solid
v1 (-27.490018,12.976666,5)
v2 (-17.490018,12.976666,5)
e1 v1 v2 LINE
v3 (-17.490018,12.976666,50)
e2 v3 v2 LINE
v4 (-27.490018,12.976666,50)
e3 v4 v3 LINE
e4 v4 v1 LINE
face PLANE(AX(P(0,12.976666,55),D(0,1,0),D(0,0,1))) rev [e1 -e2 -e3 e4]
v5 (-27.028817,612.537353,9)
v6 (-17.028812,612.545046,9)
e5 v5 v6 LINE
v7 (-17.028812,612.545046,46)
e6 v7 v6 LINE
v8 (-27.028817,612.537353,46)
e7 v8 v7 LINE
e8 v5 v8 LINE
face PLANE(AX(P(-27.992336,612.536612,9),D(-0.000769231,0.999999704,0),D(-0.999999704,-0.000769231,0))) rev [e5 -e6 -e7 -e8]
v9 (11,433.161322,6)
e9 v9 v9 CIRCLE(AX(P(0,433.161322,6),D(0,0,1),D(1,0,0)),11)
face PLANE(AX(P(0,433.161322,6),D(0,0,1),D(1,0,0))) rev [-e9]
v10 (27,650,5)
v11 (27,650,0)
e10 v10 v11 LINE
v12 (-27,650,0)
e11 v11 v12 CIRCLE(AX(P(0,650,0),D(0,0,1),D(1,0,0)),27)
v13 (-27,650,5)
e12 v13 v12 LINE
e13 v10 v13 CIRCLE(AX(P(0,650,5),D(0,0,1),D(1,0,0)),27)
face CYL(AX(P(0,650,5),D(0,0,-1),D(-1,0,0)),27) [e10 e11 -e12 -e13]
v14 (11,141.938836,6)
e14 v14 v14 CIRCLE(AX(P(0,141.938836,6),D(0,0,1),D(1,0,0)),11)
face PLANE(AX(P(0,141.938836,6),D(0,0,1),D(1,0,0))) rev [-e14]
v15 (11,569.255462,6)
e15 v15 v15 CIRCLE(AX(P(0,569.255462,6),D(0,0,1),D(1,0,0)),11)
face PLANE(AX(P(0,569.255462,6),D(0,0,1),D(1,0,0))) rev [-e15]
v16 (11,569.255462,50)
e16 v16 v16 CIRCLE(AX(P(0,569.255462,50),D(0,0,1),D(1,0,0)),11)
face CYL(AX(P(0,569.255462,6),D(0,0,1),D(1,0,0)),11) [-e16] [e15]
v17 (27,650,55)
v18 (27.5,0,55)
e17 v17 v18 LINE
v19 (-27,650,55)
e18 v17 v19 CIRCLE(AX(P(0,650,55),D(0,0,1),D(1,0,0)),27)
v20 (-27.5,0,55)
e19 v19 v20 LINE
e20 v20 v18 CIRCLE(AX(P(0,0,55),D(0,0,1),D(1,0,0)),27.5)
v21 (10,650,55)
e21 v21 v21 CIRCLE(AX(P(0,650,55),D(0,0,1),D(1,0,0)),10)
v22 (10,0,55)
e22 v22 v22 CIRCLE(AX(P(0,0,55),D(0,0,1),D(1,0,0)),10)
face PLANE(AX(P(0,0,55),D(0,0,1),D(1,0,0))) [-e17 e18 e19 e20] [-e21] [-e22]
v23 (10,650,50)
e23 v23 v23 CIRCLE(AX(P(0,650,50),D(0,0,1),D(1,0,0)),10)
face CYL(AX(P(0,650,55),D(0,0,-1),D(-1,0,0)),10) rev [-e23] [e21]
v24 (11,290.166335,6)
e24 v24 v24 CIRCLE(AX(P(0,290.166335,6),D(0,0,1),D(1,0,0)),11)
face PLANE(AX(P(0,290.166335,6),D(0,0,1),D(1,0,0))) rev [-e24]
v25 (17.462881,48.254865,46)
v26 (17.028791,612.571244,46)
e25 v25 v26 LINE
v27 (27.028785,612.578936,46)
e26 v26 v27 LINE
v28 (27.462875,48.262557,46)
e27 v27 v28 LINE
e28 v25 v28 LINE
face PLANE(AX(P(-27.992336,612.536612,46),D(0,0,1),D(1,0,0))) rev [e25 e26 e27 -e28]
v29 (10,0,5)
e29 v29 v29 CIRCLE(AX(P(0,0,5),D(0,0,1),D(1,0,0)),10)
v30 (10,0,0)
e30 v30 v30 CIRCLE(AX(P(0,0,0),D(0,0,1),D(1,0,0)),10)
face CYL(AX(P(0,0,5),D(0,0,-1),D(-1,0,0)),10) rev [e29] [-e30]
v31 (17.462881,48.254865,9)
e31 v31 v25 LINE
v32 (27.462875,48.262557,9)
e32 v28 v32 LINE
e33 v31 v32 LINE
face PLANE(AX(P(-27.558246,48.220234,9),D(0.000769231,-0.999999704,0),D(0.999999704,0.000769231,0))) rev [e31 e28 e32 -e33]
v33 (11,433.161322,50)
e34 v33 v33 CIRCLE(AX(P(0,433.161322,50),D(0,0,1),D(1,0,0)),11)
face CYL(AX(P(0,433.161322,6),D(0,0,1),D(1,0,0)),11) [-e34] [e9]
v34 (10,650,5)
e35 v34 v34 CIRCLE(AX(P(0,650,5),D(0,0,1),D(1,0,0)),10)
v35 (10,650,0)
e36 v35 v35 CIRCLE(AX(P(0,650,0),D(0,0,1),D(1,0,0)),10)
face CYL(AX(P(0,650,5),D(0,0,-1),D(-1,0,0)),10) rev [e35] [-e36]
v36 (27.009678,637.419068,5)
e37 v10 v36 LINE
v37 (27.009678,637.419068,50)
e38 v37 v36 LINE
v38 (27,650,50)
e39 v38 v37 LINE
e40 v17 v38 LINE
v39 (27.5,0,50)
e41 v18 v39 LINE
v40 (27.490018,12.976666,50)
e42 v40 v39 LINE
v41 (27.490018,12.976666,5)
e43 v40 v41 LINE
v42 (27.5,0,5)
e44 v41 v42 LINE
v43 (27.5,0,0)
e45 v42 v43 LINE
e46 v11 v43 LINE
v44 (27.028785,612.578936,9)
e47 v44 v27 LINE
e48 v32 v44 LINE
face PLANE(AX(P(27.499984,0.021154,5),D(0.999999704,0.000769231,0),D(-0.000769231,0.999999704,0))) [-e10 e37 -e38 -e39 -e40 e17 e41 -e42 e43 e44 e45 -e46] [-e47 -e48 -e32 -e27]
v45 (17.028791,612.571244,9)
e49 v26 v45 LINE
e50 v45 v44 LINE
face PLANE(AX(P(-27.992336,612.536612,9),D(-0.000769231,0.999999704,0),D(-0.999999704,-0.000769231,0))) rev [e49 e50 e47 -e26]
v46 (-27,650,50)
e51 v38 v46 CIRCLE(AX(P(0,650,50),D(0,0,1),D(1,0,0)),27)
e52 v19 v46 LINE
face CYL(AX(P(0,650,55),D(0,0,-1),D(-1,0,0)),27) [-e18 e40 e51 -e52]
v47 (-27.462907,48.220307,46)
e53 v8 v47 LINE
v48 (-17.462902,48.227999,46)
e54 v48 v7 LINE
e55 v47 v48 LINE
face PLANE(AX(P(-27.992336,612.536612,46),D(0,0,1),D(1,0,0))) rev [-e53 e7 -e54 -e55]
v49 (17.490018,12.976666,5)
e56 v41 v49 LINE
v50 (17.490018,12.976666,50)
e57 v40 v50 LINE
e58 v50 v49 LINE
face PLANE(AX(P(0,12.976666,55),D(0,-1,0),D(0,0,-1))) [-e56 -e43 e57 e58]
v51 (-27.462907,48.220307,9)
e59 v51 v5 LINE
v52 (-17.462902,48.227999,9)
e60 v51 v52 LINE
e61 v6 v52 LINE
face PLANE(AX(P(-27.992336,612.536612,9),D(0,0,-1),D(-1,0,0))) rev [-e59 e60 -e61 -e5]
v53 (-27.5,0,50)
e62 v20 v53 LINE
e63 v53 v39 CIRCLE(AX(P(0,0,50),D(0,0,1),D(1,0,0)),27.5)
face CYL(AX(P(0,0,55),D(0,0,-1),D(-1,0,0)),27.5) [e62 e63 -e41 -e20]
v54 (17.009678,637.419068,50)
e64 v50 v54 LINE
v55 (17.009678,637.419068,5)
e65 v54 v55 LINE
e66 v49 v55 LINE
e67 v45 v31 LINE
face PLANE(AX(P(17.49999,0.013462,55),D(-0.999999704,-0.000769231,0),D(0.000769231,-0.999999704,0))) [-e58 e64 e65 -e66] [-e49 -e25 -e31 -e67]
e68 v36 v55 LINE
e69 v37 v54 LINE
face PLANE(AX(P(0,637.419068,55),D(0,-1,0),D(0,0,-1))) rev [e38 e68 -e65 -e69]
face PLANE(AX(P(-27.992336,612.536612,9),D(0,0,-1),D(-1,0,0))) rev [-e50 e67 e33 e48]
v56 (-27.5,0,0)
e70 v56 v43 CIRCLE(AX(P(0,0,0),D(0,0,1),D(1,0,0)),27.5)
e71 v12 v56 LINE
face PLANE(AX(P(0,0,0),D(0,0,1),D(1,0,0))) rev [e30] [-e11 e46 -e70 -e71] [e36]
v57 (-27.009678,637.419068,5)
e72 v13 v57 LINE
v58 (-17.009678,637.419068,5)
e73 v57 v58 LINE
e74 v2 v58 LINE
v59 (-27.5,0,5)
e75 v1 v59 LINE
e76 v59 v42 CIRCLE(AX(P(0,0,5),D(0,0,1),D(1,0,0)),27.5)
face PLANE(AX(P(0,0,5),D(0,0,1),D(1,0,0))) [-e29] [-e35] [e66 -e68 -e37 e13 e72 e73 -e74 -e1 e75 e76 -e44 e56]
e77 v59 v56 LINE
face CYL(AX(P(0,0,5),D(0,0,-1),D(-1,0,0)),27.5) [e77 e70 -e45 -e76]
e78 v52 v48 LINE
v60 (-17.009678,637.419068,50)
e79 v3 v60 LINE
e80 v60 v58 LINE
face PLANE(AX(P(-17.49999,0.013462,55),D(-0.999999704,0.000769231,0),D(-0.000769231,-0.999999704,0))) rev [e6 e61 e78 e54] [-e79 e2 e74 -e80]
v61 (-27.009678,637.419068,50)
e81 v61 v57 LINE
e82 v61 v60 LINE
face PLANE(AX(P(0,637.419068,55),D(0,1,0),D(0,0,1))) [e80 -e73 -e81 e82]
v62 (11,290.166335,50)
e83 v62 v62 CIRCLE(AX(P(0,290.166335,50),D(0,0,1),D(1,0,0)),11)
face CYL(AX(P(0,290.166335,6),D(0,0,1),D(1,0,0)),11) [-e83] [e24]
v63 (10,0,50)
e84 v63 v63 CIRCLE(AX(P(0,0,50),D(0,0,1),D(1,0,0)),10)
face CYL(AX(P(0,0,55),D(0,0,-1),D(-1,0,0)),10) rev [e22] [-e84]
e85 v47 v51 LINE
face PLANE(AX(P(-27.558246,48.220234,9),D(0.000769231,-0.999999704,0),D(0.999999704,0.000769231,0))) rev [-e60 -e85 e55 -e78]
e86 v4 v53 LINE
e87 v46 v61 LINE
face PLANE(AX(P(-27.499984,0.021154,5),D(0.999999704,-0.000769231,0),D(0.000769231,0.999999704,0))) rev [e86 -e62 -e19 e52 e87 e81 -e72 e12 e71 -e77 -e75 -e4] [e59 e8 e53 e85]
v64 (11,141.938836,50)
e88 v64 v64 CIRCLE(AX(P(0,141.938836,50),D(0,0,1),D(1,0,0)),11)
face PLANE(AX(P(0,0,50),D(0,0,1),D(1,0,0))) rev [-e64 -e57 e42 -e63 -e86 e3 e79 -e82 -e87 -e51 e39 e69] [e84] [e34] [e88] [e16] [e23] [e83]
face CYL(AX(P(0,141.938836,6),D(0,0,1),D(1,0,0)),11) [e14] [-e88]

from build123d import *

# Parameters (mm, degrees)
SKETCH1_R               = 10
BOSS_EXTRUDE2_DEPTH     = 5
BOSS_EXTRUDE3_DEPTH     = 55
BOSS_EXTRUDE4_START     = 50
SKETCH1_4_R             = 10
BOSS_EXTRUDE4_DEPTH     = 5
CUT_EXTRUDE1_DEPTH      = 682.432576538
CUT_EXTRUDE1_DEPTH_BACK = 682.432576538
SKETCH3_W               = 37
SKETCH3_H               = 564.316545641
SKETCH4_R               = 11
BOSS_EXTRUDE5_DEPTH     = 49


with BuildPart() as part:
    # Sketch1 → Boss-Extrude2 (new body)
    with BuildSketch(Plane.XY):
        with BuildLine():
            Line((27.00967764, 637.419067567), (27, 650))
            ThreePointArc((27, 650), (11.628325989, 674.367643191), (-16.983854422, 670.989251749))
            ThreePointArc((-16.983854422, 670.989251749), (-24.367643191, 661.628325989), (-27, 650))
            Line((-27, 650), (-27.00967764, 637.419067567))
            Line((-27.00967764, 637.419067567), (-17.00967764, 637.419067567))
            Line((-17.00967764, 637.419067567), (-17.490017949, 12.976666451))
            Line((-17.490017949, 12.976666451), (-27.490017949, 12.976666451))
            Line((-27.490017949, 12.976666451), (-27.5, 0))
            ThreePointArc((-27.5, 0), (0, -27.5), (27.5, 0))
            Line((27.5, 0), (27.490017949, 12.976666451))
            Line((27.490017949, 12.976666451), (17.490017949, 12.976666451))
            Line((17.490017949, 12.976666451), (17.00967764, 637.419067567))
            Line((17.00967764, 637.419067567), (27.00967764, 637.419067567))
        make_face()
        Circle(SKETCH1_R, mode=Mode.SUBTRACT)
        with Locations((0, 650)):
            Circle(SKETCH1_R, mode=Mode.SUBTRACT)
    extrude(amount=BOSS_EXTRUDE2_DEPTH)

    # Sketch1<3> → Boss-Extrude3 (add)
    with BuildSketch(Plane.XY):
        Polygon((27.490017949, 12.976666451), (27.00967764, 637.419067567), (17.00967764, 637.419067567), (17.490017949, 12.976666451), align=None)
        Polygon((-17.00967764, 637.419067567), (-27.00967764, 637.419067567), (-27.490017949, 12.976666451), (-17.490017949, 12.976666451), align=None)
    extrude(amount=BOSS_EXTRUDE3_DEPTH)

    # Sketch1<4> → Boss-Extrude4 (add)
    with BuildSketch(Plane.XY.offset(BOSS_EXTRUDE4_START)):
        with BuildLine():
            Line((27.00967764, 637.419067567), (27, 650))
            ThreePointArc((27, 650), (11.628325989, 674.367643191), (-16.983854422, 670.989251749))
            ThreePointArc((-16.983854422, 670.989251749), (-24.367643191, 661.628325989), (-27, 650))
            Line((-27, 650), (-27.00967764, 637.419067567))
            Line((-27.00967764, 637.419067567), (-17.00967764, 637.419067567))
            Line((-17.00967764, 637.419067567), (-17.490017949, 12.976666451))
            Line((-17.490017949, 12.976666451), (-27.490017949, 12.976666451))
            Line((-27.490017949, 12.976666451), (-27.5, 0))
            ThreePointArc((-27.5, 0), (0, -27.5), (27.5, 0))
            Line((27.5, 0), (27.490017949, 12.976666451))
            Line((27.490017949, 12.976666451), (17.490017949, 12.976666451))
            Line((17.490017949, 12.976666451), (17.00967764, 637.419067567))
            Line((17.00967764, 637.419067567), (27.00967764, 637.419067567))
        make_face()
        Circle(SKETCH1_4_R, mode=Mode.SUBTRACT)
        with Locations((0, 650)):
            Circle(SKETCH1_4_R, mode=Mode.SUBTRACT)
    extrude(amount=BOSS_EXTRUDE4_DEPTH)

    # Sketch3 → Cut-Extrude1 (cut, two sides: drawn at the far end of the back side and taken through both)
    with BuildSketch(Plane(origin=(27.499983728, 0.021153834, 0), x_dir=(0, 0, -1), z_dir=(0.9999997041421432, 0.0007692305416477979, 0)).offset(-CUT_EXTRUDE1_DEPTH_BACK)):
        with Locations((-27.5, 330.399690719)):
            Rectangle(SKETCH3_W, SKETCH3_H)
    extrude(amount=CUT_EXTRUDE1_DEPTH + CUT_EXTRUDE1_DEPTH_BACK, mode=Mode.SUBTRACT)

    # Sketch4 → Boss-Extrude5 (add)
    with BuildSketch(Plane.XY.offset(55)):
        with Locations((0, 569.255461643)):
            Circle(SKETCH4_R)
        with Locations((0, 433.161322259)):
            Circle(SKETCH4_R)
        with Locations((0, 290.166334704)):
            Circle(SKETCH4_R)
        with Locations((0, 141.938836299)):
            Circle(SKETCH4_R)
    extrude(amount=-BOSS_EXTRUDE5_DEPTH)


solid = part.part
